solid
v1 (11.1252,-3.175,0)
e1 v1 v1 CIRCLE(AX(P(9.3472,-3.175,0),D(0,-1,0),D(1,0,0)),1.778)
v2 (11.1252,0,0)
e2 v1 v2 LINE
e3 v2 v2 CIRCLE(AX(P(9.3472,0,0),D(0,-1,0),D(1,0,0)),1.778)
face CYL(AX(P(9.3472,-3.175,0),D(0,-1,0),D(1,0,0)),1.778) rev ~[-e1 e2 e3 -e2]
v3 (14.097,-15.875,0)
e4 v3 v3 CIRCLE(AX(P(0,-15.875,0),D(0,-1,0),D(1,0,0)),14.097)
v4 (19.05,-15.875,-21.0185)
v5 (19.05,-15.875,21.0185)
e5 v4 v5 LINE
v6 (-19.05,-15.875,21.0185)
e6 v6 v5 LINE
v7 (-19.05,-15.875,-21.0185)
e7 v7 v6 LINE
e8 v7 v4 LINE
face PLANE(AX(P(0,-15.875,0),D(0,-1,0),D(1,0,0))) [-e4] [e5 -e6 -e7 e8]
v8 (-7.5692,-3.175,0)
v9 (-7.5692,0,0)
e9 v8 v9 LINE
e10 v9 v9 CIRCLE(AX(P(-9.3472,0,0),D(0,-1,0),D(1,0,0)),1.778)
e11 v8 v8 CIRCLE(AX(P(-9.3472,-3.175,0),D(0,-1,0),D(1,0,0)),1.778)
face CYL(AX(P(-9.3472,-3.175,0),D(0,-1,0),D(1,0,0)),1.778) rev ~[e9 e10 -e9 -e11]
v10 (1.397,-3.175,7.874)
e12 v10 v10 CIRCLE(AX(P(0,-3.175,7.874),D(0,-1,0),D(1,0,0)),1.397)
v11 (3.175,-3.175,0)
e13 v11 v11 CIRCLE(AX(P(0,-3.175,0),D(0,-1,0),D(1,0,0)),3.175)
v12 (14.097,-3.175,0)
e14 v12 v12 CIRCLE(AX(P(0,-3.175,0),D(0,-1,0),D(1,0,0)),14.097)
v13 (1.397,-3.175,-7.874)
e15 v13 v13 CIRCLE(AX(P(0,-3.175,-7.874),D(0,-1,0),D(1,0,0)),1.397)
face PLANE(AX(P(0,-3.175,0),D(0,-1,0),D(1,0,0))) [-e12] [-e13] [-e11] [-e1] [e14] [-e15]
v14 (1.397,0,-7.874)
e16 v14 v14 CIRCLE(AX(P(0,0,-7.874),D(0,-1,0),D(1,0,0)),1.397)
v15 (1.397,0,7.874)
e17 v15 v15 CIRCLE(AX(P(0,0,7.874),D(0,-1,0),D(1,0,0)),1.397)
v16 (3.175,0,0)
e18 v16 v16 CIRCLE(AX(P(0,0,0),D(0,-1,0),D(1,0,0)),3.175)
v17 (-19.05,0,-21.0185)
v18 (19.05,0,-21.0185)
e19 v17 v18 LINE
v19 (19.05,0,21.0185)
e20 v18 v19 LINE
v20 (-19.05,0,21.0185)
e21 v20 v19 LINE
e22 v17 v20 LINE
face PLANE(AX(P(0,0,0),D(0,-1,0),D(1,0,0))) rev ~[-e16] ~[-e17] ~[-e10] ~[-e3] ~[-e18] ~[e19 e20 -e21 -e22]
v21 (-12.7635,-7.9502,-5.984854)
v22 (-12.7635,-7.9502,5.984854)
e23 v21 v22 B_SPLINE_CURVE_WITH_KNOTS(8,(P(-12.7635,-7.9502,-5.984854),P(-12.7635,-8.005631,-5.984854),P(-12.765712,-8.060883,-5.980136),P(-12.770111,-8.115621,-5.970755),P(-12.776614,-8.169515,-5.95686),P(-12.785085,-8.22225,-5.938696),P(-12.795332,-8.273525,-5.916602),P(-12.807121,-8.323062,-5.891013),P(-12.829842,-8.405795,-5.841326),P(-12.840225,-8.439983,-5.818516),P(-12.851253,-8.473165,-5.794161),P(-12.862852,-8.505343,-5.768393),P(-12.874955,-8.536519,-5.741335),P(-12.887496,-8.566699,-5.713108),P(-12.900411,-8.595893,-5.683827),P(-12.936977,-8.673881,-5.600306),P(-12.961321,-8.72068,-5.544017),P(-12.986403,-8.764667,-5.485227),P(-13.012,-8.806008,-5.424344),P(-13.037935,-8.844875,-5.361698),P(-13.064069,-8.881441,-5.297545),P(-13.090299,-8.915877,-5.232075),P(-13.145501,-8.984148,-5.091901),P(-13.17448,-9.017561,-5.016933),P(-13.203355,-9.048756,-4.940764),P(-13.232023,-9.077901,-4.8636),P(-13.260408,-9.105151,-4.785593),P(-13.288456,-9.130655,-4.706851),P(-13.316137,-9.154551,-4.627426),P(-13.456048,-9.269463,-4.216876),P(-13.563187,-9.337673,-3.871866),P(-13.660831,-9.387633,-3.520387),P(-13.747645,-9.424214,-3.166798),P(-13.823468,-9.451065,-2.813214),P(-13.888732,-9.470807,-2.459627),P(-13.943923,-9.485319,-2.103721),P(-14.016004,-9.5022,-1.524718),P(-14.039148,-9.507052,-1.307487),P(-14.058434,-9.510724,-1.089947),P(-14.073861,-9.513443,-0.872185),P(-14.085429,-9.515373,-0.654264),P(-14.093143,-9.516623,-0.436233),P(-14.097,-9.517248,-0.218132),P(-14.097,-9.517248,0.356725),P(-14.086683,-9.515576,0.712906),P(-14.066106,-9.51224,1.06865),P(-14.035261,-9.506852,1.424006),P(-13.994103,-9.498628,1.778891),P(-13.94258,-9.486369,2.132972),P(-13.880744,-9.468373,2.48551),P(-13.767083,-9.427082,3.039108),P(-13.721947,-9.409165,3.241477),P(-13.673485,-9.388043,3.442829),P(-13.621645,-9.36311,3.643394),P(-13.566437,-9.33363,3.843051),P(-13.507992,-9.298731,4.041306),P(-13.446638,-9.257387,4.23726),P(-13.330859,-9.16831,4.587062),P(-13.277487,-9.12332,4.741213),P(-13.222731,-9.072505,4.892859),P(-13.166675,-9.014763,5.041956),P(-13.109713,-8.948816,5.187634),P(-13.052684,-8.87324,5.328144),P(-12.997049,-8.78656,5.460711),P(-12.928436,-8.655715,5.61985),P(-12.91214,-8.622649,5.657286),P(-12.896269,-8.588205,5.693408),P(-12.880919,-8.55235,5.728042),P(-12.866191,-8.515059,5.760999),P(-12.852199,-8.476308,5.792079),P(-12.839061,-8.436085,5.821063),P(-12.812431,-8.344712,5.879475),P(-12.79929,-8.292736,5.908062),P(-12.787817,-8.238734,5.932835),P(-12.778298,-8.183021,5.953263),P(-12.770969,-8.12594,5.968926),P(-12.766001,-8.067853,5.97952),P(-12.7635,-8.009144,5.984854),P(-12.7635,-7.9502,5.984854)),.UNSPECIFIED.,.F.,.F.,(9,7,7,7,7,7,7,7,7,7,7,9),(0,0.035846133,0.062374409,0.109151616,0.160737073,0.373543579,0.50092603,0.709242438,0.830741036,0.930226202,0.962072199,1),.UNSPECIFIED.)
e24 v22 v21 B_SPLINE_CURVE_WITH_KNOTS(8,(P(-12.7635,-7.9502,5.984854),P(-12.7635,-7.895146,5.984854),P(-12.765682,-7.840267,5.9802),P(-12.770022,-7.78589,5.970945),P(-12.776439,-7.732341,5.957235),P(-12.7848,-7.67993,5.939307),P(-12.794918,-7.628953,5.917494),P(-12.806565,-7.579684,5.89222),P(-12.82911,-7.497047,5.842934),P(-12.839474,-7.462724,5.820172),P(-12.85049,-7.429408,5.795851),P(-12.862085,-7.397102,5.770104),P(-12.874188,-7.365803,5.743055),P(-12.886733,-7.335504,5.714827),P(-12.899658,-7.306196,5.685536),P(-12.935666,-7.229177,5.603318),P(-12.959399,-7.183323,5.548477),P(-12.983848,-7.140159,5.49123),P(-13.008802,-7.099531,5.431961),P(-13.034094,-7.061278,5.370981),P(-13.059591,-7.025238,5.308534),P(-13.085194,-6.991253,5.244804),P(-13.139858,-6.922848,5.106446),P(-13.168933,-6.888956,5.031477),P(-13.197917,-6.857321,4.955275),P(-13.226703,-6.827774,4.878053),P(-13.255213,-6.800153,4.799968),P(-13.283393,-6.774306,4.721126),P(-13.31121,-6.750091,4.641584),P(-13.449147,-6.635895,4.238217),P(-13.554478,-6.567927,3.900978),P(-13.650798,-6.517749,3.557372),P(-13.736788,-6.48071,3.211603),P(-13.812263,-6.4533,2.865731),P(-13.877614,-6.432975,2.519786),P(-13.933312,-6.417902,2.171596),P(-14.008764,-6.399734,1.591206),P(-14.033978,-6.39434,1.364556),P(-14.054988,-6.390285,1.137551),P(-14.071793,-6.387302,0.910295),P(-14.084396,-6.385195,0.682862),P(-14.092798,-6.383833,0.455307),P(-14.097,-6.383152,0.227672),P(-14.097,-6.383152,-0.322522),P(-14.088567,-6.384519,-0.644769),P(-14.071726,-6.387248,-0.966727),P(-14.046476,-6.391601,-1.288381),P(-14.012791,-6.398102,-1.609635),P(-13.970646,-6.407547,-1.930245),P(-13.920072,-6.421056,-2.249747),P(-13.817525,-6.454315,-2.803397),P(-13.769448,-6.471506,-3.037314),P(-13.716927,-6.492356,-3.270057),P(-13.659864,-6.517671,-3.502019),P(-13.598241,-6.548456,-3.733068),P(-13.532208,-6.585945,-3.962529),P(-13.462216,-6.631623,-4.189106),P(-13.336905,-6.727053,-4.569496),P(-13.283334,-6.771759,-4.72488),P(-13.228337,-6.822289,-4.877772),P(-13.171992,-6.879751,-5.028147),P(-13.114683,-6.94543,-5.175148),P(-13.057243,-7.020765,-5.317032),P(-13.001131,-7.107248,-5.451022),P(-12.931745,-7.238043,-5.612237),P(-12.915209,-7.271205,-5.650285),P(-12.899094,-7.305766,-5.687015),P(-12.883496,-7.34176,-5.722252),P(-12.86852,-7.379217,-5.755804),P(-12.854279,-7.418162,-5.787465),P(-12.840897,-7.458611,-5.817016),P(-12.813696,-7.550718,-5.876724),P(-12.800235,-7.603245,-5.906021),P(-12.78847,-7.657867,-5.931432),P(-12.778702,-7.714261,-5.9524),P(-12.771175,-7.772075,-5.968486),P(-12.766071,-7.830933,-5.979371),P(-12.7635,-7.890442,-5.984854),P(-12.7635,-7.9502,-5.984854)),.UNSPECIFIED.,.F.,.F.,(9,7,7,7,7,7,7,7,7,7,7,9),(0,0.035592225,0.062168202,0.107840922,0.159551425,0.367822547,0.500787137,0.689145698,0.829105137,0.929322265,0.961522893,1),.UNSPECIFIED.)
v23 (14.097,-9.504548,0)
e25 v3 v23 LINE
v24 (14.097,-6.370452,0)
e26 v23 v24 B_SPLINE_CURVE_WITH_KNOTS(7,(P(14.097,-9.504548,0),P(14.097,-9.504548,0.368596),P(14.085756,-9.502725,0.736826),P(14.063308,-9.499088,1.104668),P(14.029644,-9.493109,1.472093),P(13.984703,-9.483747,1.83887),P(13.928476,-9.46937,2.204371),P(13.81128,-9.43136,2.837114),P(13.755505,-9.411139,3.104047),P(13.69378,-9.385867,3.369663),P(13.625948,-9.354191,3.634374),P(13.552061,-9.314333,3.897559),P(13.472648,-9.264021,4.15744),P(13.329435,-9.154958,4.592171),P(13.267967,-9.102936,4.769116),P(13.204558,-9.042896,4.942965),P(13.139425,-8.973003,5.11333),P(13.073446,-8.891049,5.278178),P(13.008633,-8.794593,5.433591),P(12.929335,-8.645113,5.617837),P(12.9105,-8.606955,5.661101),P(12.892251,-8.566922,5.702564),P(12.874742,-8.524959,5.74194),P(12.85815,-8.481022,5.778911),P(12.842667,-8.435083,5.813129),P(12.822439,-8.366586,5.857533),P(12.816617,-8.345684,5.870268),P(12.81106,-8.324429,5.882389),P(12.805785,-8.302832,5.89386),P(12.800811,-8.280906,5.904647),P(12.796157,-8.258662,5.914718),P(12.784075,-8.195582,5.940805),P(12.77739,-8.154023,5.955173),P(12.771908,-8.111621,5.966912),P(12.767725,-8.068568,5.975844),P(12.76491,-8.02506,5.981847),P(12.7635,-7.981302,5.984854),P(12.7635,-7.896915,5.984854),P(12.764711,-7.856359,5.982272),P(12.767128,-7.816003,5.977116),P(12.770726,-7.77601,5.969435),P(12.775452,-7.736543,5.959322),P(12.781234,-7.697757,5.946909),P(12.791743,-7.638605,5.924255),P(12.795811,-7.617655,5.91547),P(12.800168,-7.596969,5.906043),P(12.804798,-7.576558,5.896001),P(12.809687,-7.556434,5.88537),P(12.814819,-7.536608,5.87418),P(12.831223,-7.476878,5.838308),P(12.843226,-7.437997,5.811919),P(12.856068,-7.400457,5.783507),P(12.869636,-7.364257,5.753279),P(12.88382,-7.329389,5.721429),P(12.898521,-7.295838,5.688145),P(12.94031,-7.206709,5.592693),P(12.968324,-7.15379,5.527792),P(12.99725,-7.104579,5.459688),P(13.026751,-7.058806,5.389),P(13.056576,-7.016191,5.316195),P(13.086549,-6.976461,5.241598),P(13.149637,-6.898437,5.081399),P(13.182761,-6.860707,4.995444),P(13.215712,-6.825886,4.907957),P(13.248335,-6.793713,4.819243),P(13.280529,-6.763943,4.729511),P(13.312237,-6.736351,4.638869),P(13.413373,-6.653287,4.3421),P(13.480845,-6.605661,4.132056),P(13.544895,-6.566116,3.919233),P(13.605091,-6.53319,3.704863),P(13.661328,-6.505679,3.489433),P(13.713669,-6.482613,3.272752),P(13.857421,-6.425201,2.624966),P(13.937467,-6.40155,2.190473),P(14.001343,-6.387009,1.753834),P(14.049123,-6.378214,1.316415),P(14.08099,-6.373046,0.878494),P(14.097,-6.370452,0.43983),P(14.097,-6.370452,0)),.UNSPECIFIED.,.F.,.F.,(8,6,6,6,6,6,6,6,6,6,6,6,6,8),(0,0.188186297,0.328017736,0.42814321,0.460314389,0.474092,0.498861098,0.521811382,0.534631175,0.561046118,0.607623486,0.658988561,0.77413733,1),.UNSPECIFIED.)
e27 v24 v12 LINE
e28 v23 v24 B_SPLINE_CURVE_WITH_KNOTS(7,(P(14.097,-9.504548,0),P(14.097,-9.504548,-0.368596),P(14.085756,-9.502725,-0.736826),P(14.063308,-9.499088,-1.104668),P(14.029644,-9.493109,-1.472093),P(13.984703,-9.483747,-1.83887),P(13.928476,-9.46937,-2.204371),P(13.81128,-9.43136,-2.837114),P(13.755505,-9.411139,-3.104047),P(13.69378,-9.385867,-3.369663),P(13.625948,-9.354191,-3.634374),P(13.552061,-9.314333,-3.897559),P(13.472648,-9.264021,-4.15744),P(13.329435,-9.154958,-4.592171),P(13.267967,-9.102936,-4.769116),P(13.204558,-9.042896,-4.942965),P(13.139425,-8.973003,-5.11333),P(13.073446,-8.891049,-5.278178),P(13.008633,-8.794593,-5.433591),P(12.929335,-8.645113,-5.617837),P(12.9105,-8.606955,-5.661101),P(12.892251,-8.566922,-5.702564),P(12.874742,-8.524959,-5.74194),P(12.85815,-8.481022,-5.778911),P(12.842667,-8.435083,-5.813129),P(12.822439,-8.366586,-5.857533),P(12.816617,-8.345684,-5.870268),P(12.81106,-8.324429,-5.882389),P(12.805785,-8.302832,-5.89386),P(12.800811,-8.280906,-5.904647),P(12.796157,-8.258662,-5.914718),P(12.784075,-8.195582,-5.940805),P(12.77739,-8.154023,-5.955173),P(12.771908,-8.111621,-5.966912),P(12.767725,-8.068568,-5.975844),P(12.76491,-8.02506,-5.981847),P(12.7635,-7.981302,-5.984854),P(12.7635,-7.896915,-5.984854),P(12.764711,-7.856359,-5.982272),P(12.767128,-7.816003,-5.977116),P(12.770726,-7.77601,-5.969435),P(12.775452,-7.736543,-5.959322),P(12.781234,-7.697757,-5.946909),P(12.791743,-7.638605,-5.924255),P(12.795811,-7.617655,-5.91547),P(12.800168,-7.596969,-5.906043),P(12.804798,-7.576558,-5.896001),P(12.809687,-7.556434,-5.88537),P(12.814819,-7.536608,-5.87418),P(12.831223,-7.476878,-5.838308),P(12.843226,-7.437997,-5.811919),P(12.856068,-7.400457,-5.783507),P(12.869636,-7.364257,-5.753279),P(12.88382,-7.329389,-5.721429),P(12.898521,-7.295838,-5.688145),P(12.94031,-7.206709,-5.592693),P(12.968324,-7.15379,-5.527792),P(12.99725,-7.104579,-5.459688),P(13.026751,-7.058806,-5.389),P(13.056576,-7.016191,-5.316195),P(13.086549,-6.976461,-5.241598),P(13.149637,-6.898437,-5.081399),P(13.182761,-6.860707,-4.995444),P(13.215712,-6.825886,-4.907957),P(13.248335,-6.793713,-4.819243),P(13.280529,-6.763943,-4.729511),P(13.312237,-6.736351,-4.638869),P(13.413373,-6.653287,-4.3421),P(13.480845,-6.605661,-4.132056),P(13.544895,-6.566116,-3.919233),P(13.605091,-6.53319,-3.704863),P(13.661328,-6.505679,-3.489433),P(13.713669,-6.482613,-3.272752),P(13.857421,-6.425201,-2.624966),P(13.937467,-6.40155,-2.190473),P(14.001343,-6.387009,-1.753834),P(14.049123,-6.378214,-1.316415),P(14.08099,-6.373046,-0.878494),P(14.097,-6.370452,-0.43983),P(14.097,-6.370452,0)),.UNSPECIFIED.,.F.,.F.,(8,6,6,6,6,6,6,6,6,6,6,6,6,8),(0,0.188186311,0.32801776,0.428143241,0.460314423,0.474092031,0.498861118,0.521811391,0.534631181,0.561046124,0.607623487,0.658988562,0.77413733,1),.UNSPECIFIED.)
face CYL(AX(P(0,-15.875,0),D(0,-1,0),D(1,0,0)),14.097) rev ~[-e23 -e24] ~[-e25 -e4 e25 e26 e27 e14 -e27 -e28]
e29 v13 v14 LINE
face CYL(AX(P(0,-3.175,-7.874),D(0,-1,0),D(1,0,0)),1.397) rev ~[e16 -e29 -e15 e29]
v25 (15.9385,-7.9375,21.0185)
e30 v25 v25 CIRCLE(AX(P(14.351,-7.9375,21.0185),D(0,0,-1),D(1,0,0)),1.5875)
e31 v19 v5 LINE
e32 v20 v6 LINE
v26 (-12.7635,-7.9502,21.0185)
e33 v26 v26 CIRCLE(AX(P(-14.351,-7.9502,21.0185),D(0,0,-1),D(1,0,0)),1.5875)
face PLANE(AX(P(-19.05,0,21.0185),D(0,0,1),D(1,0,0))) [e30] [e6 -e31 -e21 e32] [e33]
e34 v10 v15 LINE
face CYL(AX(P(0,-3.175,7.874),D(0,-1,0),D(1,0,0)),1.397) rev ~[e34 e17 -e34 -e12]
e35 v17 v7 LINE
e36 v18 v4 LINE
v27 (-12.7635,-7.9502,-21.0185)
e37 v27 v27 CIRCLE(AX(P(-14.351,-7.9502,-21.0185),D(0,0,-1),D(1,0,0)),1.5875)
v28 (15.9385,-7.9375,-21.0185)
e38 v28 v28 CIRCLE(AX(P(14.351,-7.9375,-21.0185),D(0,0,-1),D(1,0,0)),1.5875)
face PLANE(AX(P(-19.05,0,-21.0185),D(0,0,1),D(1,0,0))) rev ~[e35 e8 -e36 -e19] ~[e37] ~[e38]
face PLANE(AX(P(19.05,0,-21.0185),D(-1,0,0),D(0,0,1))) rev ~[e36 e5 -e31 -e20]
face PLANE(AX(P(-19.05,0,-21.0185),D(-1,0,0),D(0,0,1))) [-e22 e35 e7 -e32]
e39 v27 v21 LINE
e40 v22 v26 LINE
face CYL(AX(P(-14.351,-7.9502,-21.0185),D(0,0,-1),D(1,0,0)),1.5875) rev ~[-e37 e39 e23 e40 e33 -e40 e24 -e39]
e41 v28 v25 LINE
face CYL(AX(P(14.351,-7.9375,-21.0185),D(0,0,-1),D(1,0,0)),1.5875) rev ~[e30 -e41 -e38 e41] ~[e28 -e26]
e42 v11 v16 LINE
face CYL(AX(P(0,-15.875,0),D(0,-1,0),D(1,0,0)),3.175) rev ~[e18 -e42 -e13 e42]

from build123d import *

# Parameters (mm, degrees)
F0_W     = 38.1
F0_H     = 42.037
F1_DEPTH = 15.875
F2_R     = 3.175
F3_DEPTH = 15.876
F4_R     = 14.097
F5_DEPTH = 12.7
F6_R     = 1.397
F6_R_2   = 1.778
F7_DEPTH = 3.176
F8_R     = 1.5875
F9_DEPTH = 42.038


with BuildPart() as f1:
    # F0 (on Front) → F1 (new body)
    with BuildSketch(Plane.XZ):
        Rectangle(F0_W, F0_H)
    extrude(amount=F1_DEPTH)

    # F2 (on face) → F3 (cut, through all)
    with BuildSketch(Plane.XZ.offset(15.875)):
        Circle(F2_R)
    extrude(amount=-F3_DEPTH, mode=Mode.SUBTRACT)

    # F4 (on face) → F5 (cut)
    with BuildSketch(Plane.XZ.offset(15.875)):
        Circle(F4_R)
    extrude(amount=-F5_DEPTH, mode=Mode.SUBTRACT)

    # F6 (on face) → F7 (cut, through all)
    with BuildSketch(Plane.XZ.offset(3.175)):
        with Locations((0, 7.874)):
            Circle(F6_R)
        with Locations((-9.3472, 0)):
            Circle(F6_R_2)
        with Locations((0, -7.874)):
            Circle(F6_R)
        with Locations((9.3472, 0)):
            Circle(F6_R_2)
    extrude(amount=-F7_DEPTH, mode=Mode.SUBTRACT)

    # F8 (on face) → F9 (cut, through all)
    with BuildSketch(Plane(origin=(0, 0, -21.0185), x_dir=(1, 0, 0), z_dir=(0, 0, -1))):
        with Locations((-14.351, 7.9502)):
            Circle(F8_R)
        with Locations((14.351, 7.9375)):
            Circle(F8_R)
    extrude(amount=-F9_DEPTH, mode=Mode.SUBTRACT)


solid = f1.part
